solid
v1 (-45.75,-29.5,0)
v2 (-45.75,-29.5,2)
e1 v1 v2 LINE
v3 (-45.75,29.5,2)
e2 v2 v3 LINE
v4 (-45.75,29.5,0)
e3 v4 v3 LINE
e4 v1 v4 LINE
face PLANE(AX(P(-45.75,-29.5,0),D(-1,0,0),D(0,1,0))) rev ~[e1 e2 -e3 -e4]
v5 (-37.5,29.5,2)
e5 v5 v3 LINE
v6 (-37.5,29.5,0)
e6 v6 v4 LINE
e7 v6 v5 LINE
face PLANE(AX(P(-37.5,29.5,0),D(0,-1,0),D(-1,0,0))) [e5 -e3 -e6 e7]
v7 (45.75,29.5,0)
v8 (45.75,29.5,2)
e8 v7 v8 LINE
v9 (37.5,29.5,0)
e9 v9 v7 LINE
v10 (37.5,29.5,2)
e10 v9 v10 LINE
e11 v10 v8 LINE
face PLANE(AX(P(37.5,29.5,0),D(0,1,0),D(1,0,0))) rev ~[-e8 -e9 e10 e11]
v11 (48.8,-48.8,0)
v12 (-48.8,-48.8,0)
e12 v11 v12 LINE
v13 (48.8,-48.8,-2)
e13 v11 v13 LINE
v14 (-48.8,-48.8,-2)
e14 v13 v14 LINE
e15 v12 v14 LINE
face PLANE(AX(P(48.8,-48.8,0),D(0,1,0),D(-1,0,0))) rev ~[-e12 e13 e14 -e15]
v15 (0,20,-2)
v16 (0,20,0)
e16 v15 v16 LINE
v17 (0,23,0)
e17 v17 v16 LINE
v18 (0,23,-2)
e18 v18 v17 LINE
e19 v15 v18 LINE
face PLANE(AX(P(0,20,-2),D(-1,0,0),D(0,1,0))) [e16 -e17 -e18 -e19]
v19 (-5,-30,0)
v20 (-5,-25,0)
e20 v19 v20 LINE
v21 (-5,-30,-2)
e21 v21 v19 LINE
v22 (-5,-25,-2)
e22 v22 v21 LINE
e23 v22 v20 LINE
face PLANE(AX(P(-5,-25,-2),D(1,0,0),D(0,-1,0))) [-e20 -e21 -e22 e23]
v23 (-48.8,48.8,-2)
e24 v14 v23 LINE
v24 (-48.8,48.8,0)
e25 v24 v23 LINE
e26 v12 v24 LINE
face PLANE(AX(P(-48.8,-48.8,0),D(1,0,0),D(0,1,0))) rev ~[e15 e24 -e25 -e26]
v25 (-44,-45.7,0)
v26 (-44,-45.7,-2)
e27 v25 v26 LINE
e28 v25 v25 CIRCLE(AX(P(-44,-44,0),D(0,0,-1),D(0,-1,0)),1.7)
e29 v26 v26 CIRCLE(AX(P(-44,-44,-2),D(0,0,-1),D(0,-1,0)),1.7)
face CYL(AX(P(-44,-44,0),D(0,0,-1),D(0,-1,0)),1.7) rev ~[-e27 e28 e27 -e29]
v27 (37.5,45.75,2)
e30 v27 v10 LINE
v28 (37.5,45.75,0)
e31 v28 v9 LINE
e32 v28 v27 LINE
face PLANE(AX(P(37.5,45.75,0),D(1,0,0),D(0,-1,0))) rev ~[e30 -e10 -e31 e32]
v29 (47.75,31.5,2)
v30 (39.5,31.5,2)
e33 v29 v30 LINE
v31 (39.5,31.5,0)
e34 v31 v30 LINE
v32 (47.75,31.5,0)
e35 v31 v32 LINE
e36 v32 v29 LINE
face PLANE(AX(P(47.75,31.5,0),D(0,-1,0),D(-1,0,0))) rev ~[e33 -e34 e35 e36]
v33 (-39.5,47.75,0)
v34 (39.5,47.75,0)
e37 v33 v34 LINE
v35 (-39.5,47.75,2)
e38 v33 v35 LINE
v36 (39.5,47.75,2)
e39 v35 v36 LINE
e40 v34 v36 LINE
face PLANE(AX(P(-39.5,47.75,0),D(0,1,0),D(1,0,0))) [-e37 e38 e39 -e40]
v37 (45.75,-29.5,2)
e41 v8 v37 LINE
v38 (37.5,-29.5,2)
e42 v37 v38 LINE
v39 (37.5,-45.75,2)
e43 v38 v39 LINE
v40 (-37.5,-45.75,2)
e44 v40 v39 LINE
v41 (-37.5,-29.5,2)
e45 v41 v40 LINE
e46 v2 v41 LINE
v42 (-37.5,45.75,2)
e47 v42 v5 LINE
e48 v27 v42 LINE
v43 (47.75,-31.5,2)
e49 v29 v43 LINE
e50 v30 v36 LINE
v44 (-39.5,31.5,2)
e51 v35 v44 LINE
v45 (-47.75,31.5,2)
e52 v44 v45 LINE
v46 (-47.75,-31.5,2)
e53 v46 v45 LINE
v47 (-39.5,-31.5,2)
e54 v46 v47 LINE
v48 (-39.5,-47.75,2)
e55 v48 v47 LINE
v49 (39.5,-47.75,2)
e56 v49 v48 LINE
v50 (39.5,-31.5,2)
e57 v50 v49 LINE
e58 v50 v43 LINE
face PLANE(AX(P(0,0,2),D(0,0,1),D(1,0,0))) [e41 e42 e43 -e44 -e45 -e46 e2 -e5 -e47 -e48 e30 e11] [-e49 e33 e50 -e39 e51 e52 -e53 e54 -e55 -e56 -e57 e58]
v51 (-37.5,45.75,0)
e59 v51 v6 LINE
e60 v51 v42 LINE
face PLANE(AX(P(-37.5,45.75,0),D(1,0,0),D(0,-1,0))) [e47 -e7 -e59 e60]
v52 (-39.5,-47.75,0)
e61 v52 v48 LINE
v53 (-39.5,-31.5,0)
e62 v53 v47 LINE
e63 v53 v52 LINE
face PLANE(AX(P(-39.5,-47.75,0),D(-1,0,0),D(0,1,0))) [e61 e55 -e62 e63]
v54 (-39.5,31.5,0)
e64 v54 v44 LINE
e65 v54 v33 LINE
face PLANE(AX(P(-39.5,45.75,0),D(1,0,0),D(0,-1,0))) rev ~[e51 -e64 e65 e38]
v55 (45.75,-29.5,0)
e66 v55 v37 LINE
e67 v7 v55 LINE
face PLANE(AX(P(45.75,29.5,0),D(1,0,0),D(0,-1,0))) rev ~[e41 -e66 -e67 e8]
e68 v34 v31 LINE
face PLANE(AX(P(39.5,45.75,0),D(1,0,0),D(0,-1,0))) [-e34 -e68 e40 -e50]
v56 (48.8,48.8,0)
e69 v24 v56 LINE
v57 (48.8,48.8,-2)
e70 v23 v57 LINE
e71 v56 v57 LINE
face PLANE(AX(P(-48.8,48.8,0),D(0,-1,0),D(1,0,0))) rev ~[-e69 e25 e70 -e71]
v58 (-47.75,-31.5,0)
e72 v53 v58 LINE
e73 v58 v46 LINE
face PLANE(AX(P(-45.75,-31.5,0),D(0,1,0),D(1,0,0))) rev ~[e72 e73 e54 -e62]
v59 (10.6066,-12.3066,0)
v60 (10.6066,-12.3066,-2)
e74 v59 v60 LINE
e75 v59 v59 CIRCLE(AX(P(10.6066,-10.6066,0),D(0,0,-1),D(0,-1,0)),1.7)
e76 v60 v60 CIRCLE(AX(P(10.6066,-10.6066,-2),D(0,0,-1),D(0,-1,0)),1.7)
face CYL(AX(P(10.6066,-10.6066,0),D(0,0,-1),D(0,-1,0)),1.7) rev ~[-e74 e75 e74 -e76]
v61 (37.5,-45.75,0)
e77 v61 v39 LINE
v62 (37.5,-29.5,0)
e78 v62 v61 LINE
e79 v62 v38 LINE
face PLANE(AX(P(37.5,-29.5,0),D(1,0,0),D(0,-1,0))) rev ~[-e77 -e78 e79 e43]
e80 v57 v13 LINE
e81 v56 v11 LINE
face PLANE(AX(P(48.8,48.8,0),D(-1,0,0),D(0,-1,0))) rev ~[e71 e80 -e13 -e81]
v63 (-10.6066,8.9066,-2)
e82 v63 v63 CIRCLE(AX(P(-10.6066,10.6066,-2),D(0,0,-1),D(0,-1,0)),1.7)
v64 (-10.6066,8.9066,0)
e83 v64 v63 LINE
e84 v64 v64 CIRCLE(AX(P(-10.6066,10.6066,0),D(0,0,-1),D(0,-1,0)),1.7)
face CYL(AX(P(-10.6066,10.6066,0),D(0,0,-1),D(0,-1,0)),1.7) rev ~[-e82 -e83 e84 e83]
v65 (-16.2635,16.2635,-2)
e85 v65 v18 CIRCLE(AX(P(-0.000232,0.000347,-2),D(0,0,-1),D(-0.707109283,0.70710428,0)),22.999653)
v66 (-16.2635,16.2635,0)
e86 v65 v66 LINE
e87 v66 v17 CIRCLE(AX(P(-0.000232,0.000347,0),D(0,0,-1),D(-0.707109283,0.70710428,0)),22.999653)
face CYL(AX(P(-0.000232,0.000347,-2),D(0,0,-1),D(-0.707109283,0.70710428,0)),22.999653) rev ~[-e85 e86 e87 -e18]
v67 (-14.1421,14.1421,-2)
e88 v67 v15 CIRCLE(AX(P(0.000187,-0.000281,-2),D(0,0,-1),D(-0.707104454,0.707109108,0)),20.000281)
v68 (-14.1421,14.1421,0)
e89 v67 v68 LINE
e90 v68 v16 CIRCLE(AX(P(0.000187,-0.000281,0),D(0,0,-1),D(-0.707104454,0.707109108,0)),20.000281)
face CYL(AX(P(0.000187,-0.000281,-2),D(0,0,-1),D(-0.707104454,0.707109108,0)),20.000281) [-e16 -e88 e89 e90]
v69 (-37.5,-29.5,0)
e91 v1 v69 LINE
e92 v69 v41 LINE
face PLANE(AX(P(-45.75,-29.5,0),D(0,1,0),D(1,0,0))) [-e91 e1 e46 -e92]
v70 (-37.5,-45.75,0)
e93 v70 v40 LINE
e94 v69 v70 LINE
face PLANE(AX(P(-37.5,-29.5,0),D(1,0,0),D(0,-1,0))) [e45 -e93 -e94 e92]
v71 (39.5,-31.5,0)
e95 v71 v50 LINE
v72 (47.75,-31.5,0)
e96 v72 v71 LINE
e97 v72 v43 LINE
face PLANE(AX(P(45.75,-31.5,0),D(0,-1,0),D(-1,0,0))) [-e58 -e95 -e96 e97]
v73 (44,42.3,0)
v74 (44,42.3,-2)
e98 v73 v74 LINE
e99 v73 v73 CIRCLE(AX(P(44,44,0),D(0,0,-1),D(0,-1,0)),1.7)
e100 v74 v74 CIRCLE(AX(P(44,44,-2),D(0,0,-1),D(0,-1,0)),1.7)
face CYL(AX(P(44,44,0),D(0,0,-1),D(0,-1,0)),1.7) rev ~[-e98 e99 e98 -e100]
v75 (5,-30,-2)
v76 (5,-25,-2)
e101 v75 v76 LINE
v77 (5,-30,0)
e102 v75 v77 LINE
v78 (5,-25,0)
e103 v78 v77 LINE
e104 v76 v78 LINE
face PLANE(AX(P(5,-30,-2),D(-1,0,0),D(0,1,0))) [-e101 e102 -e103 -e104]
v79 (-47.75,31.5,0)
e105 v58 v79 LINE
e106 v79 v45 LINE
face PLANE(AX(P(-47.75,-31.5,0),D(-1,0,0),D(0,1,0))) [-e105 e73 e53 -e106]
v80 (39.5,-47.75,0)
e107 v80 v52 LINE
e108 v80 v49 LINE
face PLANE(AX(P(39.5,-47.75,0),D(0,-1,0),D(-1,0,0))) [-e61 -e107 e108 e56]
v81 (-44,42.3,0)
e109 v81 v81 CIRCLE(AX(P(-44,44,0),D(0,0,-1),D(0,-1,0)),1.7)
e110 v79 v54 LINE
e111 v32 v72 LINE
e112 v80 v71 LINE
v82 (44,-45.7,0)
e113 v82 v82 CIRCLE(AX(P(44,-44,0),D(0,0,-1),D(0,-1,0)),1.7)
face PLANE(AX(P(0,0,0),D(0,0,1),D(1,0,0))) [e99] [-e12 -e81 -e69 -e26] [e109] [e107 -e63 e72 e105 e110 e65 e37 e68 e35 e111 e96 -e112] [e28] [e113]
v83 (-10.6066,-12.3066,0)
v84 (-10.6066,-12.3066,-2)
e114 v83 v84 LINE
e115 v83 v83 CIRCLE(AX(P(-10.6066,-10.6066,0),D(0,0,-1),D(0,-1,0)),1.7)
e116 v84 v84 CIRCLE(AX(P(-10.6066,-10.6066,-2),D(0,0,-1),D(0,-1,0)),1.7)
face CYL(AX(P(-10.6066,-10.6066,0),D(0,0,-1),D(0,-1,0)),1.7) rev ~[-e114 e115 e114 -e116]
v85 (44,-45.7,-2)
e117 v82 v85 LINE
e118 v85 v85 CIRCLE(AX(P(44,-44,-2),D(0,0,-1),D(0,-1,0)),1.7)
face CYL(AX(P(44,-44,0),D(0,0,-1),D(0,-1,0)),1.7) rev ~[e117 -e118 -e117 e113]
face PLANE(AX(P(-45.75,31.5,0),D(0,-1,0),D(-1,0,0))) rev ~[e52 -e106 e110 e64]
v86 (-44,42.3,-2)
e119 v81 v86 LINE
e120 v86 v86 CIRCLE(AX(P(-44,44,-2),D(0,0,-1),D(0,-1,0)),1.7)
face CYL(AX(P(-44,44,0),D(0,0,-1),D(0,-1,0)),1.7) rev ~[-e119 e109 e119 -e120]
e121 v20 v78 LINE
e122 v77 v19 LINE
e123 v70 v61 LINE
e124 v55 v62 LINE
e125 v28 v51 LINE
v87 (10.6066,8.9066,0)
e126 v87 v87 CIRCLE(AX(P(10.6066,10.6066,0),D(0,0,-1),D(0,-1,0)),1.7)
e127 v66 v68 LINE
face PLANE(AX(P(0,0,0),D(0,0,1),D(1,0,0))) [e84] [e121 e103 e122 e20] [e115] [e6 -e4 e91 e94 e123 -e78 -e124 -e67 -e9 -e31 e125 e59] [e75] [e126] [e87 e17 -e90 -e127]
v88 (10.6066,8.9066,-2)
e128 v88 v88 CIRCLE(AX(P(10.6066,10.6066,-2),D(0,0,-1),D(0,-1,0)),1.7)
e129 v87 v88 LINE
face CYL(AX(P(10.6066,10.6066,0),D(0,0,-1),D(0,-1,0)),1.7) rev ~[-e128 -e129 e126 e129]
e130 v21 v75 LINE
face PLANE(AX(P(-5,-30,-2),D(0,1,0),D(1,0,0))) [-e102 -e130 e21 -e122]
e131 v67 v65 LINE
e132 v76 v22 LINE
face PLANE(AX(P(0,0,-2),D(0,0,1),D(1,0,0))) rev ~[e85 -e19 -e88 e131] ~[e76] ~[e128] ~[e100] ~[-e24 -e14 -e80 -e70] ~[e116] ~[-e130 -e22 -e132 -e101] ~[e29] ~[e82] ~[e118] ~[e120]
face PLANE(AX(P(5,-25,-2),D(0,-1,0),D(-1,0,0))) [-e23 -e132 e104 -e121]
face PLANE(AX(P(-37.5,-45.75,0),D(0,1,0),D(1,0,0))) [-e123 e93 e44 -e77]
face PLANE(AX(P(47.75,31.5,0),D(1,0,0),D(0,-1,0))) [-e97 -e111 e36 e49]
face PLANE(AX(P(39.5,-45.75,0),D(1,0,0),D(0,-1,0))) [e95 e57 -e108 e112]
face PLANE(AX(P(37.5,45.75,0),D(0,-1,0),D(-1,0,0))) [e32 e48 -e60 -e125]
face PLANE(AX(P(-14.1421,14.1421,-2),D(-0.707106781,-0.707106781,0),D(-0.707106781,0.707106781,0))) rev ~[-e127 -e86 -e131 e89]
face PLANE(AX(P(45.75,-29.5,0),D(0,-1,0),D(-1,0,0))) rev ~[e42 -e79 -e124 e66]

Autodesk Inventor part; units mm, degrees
ref_plane "YZ Plane" through (0, 0, 0) normal (1, 0, 0) x (0, 1, 0)
ref_plane "XZ Plane" through (0, 0, 0) normal (0, 1, 0) x (-1, 0, 0)
ref_plane "XY Plane" through (0, 0, 0) normal (0, 0, 1) x (1, 0, 0)
sketch "Skizze1" plane through (0, 0, 0) normal (0, 0, 1) x (1, 0, 0)
  line L0 (48.8, -48.8) -> (-48.8, -48.8)
  line L1 (-48.8, -48.8) -> (-48.8, 48.8)
  line L2 (-48.8, 48.8) -> (48.8, 48.8)
  line L3 (48.8, 48.8) -> (48.8, -48.8)
  line L4 (48.8, -48.8) -> (-48.8, 48.8) construction
  line L5 (-48.8, -48.8) -> (48.8, 48.8) construction
  line L6 (-50, 50) -> (50, 50) construction
  line L7 (50, 50) -> (50, -50) construction
  line L8 (50, -50) -> (-50, -50) construction
  line L9 (-50, -50) -> (-50, 50) construction
  line L10 (-50, 50) -> (50, -50) construction
  line L11 (50, 50) -> (-50, -50) construction
  line L12 (47.75, -47.75) -> (-47.75, -47.75)
  line L13 (-47.75, -47.75) -> (-47.75, 47.75)
  line L14 (-47.75, 47.75) -> (47.75, 47.75)
  line L15 (47.75, 47.75) -> (47.75, -47.75)
  line L16 (47.75, -47.75) -> (-47.75, 47.75) construction
  line L17 (-47.75, -47.75) -> (47.75, 47.75) construction
  circle A0 centre (0, 0) radius 15 construction
  line L18 (-50, 50) -> (-39.5, 50) construction
  line L19 (-39.5, 50) -> (-39.5, 31.5) construction
  line L20 (-39.5, 31.5) -> (-50, 31.5) construction
  line L21 (-50, 31.5) -> (-50, 50) construction
  line L22 (50, 50) -> (39.5, 50) construction
  line L23 (39.5, 50) -> (39.5, 31.5) construction
  line L24 (39.5, 31.5) -> (50, 31.5) construction
  line L25 (50, 31.5) -> (50, 50) construction
  line L26 (-50, -50) -> (-39.5, -50) construction
  line L27 (-39.5, -50) -> (-39.5, -31.5) construction
  line L28 (-39.5, -31.5) -> (-50, -31.5) construction
  line L29 (-50, -31.5) -> (-50, -50) construction
  line L30 (50, -50) -> (39.5, -50) construction
  line L31 (39.5, -50) -> (39.5, -31.5) construction
  line L32 (39.5, -31.5) -> (50, -31.5) construction
  line L33 (50, -31.5) -> (50, -50) construction
  line L34 (-39.5, 47.75) -> (39.5, 47.75)
  line L35 (39.5, 47.75) -> (39.5, 45.75)
  line L36 (39.5, 45.75) -> (-39.5, 45.75)
  line L37 (-39.5, 45.75) -> (-39.5, 47.75)
  line L38 (47.75, 31.5) -> (45.75, 31.5)
  line L39 (45.75, 31.5) -> (45.75, -31.5)
  line L40 (45.75, -31.5) -> (47.75, -31.5)
  line L41 (47.75, -31.5) -> (47.75, 31.5)
  line L42 (39.5, -47.75) -> (-39.5, -47.75)
  line L43 (-39.5, -47.75) -> (-39.5, -45.75)
  line L44 (-39.5, -45.75) -> (39.5, -45.75)
  line L45 (39.5, -45.75) -> (39.5, -47.75)
  line L46 (-47.75, -31.5) -> (-45.75, -31.5)
  line L47 (-45.75, -31.5) -> (-45.75, 31.5)
  line L48 (-45.75, 31.5) -> (-47.75, 31.5)
  line L49 (-47.75, 31.5) -> (-47.75, -31.5)
  line L50 (-39.5, 45.75) -> (-39.5, 31.5)
  line L51 (-45.75, 31.5) -> (-39.5, 31.5)
  line L52 (39.5, 45.75) -> (39.5, 31.5)
  line L53 (39.5, 31.5) -> (45.75, 31.5)
  line L54 (45.75, -31.5) -> (39.5, -31.5)
  line L55 (39.5, -31.5) -> (39.5, -45.75)
  line L56 (-39.5, -45.75) -> (-39.5, -31.5)
  line L57 (-45.75, -31.5) -> (-39.5, -31.5)
  line L58 (-45.75, -29.5) -> (-37.5, -29.5)
  line L59 (-37.5, -29.5) -> (-37.5, -45.75)
  line L60 (45.75, -29.5) -> (37.5, -29.5)
  line L61 (37.5, -29.5) -> (37.5, -45.75)
  line L62 (37.5, 45.75) -> (37.5, 29.5)
  line L63 (37.5, 29.5) -> (45.75, 29.5)
  line L64 (-37.5, 45.75) -> (-37.5, 29.5)
  line L65 (-37.5, 29.5) -> (-45.75, 29.5)
  line L66 (-39.5, 45.75) -> (-37.5, 45.75)
  line L67 (-45.75, 29.5) -> (-45.75, 31.5)
  line L68 (37.5, 45.75) -> (39.5, 45.75)
  line L69 (45.75, 29.5) -> (45.75, 31.5)
  line L70 (45.75, -29.5) -> (45.75, -31.5)
  line L71 (37.5, -45.75) -> (39.5, -45.75)
  line L72 (-39.5, -45.75) -> (-37.5, -45.75)
  line L73 (-45.75, -31.5) -> (-45.75, -29.5)
  point P0 (0, 0)
  point P1 (0, 0)
  point P2 (-10.6066, 10.6066)
  point P3 (10.6066, 10.6066)
  point P4 (10.6066, -10.6066)
  point P5 (-10.6066, -10.6066)
  point P6 (-44, 44)
  point P7 (44, 44)
  point P8 (44, -44)
  point P9 (-44, -44)
  dimension "d0" = 97.6
  dimension "d55" = 30
  dimension "d61" = 100
  dimension "d62" = 95.5
  dimension "d63" = 18.5
  dimension "d64" = 10.5
  dimension "d65" = 2
  dimension "d67" = 6
extrude "Extrusion1" add sketch "Skizze1" against normal blind 2 contours L0 L1 L2 L3 | L12 L45 L55 L54 L40 L15 | L12 L43 L44 L45 | L40 L39 L38 L15 | L12 L13 L46 L57 L56 L43 | L44 L61 L60 L39 L54 L55 | L38 L53 L52 L35 L14 L15 | L56 L57 L47 L58 L59 L44 | L44 L59 L58 L47 L65 L64 L36 L62 L63 L39 L60 L61 | L39 L63 L62 L36 L52 L53 | L13 L48 L47 L46 | L35 L36 L37 L14 | L13 L14 L37 L50 L51 L48 | L51 L50 L36 L64 L65 L47
hole "Bohrung1" at (-10.6066, 10.6066, 0) at (10.6066, 10.6066, 0) at (-10.6066, -10.6066, 0) at (10.6066, -10.6066, 0) at (-44, 44, 0) at (44, 44, 0) at (44, -44, 0) at (-44, -44, 0) direction (0, 0, -1) diameter 3.4 end through all
extrude "Extrusion4" add sketch "Skizze1" along normal blind 2 contours L12 L43 L44 L45 | L40 L39 L38 L15 | L44 L61 L60 L39 L54 L55 | L56 L57 L47 L58 L59 L44 | L39 L63 L62 L36 L52 L53 | L13 L48 L47 L46 | L35 L36 L37 L14 | L51 L50 L36 L64 L65 L47
sketch "Skizze2" plane through (0, 0, -2) normal (0, 0, -1) x (-1, 0, 0)
  line L0 (-50, -50) -> (50, -50) construction
  line L1 (50, -50) -> (50, 50) construction
  line L2 (50, 50) -> (-50, 50) construction
  line L3 (-50, 50) -> (-50, -50) construction
  line L4 (-50, -50) -> (50, 50) construction
  line L5 (50, -50) -> (-50, 50) construction
  circle A0 centre (0, 0) radius 20 construction
  line L6 (0, 20) -> (0, 23)
  arc A1 (14.1421, 14.1421) -> (0, 20) centre (0, 0) ccw
  arc A2 (16.2635, 16.2635) -> (0, 23) centre (0, 0) ccw
  line L7 (14.1421, 14.1421) -> (16.2635, 16.2635)
  line L8 (-5, -25) -> (5, -25)
  line L9 (5, -25) -> (5, -30)
  line L10 (5, -30) -> (-5, -30)
  line L11 (-5, -30) -> (-5, -25)
  line L12 (-5, -25) -> (5, -30) construction
  line L13 (5, -25) -> (-5, -30) construction
  point P0 (0, 0)
  point P1 (0, 0)
  point P2 (0, -27.5)
  point P3 (0, -27.5)
  dimension "d45" = 100
  dimension "d46" = 100
  dimension "d47" = 40
  dimension "d53" = 3
  dimension "d54" = 45
  dimension "d57" = 10
  dimension "d58" = 5
  dimension "d59" = 25
extrude "Extrusion5" cut sketch "Skizze2" against normal through all
properties part number "DayLightGlow_BaseCover"
